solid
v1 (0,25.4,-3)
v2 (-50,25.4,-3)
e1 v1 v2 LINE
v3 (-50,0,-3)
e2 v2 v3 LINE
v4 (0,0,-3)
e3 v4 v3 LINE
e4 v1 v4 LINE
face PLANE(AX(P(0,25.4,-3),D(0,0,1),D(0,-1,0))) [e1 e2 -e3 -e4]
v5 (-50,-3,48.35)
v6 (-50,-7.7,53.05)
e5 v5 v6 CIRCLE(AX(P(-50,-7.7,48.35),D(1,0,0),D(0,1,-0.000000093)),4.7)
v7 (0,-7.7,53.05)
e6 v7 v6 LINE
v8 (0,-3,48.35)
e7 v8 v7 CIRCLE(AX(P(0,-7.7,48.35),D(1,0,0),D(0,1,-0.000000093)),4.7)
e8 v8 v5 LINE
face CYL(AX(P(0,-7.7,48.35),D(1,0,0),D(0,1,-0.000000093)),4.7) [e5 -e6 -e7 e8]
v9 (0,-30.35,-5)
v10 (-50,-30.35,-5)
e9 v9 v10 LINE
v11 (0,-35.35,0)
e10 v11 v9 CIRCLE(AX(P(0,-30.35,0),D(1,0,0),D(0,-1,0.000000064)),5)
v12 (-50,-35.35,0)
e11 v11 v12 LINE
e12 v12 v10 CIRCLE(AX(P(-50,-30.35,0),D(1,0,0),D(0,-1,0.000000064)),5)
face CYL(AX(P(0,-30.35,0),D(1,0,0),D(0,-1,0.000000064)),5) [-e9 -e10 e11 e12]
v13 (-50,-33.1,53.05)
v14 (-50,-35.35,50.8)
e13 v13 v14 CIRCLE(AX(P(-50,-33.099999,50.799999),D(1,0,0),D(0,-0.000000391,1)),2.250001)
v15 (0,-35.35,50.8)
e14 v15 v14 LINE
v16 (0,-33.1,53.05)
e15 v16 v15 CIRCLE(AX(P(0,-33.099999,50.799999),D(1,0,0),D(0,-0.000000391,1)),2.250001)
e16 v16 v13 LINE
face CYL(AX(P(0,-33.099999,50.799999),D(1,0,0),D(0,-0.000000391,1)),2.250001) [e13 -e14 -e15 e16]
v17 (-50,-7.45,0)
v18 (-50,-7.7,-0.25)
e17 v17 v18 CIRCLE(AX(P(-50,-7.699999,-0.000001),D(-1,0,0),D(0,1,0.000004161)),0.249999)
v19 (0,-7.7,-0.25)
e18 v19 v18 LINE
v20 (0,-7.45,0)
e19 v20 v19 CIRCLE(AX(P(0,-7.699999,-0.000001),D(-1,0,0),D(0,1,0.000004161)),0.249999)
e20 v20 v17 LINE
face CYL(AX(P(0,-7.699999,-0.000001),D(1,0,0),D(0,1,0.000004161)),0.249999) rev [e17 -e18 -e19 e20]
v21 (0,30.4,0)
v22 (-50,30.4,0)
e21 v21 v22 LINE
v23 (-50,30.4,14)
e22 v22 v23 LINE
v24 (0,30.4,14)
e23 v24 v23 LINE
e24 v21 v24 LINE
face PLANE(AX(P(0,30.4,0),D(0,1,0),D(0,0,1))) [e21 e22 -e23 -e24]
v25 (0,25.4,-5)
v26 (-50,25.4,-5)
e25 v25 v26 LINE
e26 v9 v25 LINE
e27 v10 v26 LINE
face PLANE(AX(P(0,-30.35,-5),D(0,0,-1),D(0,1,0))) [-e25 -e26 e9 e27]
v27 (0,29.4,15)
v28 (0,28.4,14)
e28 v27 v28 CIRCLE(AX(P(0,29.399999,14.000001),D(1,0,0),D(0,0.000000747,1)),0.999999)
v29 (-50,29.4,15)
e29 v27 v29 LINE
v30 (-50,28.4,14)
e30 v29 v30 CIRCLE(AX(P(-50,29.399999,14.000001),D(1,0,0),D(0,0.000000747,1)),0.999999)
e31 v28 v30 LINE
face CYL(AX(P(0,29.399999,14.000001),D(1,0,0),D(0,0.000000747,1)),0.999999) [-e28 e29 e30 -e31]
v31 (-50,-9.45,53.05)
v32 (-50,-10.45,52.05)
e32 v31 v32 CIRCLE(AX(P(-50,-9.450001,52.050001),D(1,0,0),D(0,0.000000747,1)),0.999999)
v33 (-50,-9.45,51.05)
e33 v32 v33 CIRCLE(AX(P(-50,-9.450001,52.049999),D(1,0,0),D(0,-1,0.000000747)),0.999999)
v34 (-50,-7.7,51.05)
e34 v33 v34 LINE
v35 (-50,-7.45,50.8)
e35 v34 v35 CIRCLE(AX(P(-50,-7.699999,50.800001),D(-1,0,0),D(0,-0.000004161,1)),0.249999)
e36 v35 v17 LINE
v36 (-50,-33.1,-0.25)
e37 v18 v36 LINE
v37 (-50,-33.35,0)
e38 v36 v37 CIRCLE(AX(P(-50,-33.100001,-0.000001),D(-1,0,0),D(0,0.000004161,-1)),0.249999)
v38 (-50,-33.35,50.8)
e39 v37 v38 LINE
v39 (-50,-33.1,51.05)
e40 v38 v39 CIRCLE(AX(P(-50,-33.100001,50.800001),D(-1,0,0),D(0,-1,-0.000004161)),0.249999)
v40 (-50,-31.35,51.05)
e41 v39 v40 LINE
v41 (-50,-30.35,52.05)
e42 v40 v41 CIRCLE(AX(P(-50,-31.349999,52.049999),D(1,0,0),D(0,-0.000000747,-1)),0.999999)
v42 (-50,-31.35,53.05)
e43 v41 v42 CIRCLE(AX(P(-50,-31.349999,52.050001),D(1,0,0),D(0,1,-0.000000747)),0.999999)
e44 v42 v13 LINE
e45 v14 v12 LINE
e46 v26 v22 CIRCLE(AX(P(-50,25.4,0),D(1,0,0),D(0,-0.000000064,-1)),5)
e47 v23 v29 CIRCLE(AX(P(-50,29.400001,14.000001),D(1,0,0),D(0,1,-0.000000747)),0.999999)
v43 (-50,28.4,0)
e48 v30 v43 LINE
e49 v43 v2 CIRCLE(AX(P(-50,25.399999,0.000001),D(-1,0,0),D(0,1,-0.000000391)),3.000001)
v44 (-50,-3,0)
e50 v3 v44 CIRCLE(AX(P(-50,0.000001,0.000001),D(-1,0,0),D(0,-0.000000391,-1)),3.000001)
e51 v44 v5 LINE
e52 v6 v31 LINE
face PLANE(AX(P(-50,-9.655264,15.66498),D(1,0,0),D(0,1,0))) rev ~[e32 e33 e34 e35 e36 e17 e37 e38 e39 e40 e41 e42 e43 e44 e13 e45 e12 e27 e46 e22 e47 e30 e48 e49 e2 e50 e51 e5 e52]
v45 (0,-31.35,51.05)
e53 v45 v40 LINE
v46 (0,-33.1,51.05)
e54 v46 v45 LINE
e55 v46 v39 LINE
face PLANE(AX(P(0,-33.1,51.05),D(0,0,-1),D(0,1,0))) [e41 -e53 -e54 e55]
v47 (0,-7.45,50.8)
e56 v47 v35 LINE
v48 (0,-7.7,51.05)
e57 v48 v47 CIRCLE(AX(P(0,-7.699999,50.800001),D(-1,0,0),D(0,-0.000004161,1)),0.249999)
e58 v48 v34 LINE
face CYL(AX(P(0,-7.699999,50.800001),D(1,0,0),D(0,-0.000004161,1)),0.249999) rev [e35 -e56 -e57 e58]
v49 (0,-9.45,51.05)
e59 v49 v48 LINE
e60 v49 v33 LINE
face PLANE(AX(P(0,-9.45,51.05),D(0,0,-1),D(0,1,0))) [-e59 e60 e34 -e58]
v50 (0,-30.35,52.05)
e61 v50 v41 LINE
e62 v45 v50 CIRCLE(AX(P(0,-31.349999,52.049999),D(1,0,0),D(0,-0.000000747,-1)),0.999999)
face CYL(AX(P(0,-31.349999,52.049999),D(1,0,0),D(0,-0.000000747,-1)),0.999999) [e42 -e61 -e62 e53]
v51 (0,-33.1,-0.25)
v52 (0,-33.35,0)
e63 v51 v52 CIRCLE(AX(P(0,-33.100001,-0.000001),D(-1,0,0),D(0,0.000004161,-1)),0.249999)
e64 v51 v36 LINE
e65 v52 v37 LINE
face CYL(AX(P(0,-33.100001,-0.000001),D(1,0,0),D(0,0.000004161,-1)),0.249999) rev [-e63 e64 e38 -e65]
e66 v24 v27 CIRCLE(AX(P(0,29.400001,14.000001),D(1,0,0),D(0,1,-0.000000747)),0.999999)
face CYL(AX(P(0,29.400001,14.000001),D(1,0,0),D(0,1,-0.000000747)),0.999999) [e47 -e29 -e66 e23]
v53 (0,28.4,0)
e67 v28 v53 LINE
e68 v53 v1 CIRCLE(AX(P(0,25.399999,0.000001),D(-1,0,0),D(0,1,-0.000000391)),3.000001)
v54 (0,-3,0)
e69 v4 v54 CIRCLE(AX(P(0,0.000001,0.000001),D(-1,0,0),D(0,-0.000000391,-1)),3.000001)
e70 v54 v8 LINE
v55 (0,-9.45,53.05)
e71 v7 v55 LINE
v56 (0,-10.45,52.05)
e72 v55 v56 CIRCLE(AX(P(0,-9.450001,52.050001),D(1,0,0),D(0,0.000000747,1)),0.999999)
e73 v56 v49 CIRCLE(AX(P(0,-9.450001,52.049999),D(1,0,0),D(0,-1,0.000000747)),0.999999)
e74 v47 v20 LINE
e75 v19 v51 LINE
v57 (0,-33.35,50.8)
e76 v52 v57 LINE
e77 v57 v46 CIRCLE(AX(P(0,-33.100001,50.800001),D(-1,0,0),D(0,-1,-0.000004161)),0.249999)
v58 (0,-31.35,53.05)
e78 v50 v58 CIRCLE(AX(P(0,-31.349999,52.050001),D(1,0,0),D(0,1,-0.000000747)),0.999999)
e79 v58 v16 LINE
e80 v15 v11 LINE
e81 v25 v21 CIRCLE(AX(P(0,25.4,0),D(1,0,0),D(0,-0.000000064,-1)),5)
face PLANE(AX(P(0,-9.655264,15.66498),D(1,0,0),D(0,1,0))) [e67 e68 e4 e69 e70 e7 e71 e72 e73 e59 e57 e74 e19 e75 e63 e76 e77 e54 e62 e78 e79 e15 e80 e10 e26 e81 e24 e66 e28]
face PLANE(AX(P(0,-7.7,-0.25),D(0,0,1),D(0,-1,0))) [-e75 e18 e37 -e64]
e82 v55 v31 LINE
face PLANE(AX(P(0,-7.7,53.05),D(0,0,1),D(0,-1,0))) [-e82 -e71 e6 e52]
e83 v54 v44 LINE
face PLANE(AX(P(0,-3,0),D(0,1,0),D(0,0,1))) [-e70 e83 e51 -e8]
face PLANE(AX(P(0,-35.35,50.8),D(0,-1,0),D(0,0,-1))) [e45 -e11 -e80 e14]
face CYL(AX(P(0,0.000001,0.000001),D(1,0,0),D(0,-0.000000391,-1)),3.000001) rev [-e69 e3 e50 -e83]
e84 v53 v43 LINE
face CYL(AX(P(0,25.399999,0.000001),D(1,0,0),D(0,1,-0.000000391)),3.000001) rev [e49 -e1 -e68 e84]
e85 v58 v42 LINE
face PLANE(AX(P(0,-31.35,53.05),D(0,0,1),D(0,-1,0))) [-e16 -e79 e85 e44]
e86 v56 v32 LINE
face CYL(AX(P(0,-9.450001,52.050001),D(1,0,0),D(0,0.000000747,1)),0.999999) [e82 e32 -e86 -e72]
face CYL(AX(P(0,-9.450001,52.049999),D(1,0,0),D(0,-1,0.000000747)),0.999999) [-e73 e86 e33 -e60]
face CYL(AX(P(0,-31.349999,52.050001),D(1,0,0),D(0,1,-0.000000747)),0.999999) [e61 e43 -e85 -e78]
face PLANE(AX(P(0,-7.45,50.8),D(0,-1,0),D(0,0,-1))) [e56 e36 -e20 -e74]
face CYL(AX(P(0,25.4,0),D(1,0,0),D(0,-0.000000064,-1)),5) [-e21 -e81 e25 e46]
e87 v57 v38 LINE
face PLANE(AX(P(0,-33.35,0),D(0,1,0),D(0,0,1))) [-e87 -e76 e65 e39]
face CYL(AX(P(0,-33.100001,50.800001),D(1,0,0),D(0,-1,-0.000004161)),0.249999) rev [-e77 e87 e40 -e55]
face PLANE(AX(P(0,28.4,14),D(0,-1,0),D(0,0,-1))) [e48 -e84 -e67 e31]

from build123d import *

# Parameters (mm, degrees)
F1_DEPTH = 50


with BuildPart() as f1:
    # F0 (on Right) → F1 (new body)
    with BuildSketch(Plane.YZ):
        with BuildLine():
            Line((-33.1, -0.25), (-33.35, -0.25))
            Line((-33.35, -0.25), (-33.35, 0))
            Line((-33.35, 0), (-33.35, 50.8))
            Line((-33.35, 50.8), (-33.35, 51.05))
            Line((-33.35, 51.05), (-33.1, 51.05))
            Line((-33.1, 51.05), (-31.35, 51.05))
            ThreePointArc((-31.35, 51.05), (-30.642893, 51.342893), (-30.35, 52.05))
            ThreePointArc((-30.35, 52.05), (-30.642893, 52.757107), (-31.35, 53.05))
            Line((-31.35, 53.05), (-33.1, 53.05))
            ThreePointArc((-33.1, 53.05), (-34.69099, 52.39099), (-35.35, 50.8))
            Line((-35.35, 50.8), (-35.35, 0))
            ThreePointArc((-35.35, 0), (-33.885534, -3.535534), (-30.35, -5))
            Line((-30.35, -5), (25.4, -5))
            ThreePointArc((25.4, -5), (28.935534, -3.535534), (30.4, 0))
            Line((30.4, 0), (30.4, 14))
            ThreePointArc((30.4, 14), (30.107107, 14.707107), (29.4, 15))
            ThreePointArc((29.4, 15), (28.692893, 14.707107), (28.4, 14))
            Line((28.4, 14), (28.4, 0))
            Line((28.4, 0), (28.4, -3))
            Line((28.4, -3), (25.4, -3))
            Line((25.4, -3), (0, -3))
            Line((0, -3), (-3, -3))
            Line((-3, -3), (-3, 0))
            Line((-3, 0), (-3, 48.35))
            ThreePointArc((-3, 48.35), (-4.376598, 51.673402), (-7.7, 53.05))
            Line((-7.7, 53.05), (-9.45, 53.05))
            ThreePointArc((-9.45, 53.05), (-10.157107, 52.757107), (-10.45, 52.05))
            ThreePointArc((-10.45, 52.05), (-10.157107, 51.342893), (-9.45, 51.05))
            Line((-9.45, 51.05), (-7.7, 51.05))
            Line((-7.7, 51.05), (-7.45, 51.05))
            Line((-7.45, 51.05), (-7.45, 50.8))
            Line((-7.45, 50.8), (-7.45, 0))
            Line((-7.45, 0), (-7.45, -0.25))
            Line((-7.45, -0.25), (-7.7, -0.25))
            Line((-7.7, -0.25), (-33.1, -0.25))
        make_face()
        with BuildLine():
            Line((-33.35, 51.05), (-33.35, 50.8))
            ThreePointArc((-33.35, 50.8), (-33.276777, 50.976777), (-33.1, 51.05))
            Line((-33.1, 51.05), (-33.35, 51.05))
        make_face()
        with BuildLine():
            ThreePointArc((-7.7, 51.05), (-7.523223, 50.976777), (-7.45, 50.8))
            Line((-7.45, 50.8), (-7.45, 51.05))
            Line((-7.45, 51.05), (-7.7, 51.05))
        make_face()
        with BuildLine():
            ThreePointArc((0, -3), (-2.12132, -2.12132), (-3, 0))
            Line((-3, 0), (-3, -3))
            Line((-3, -3), (0, -3))
        make_face()
        with BuildLine():
            ThreePointArc((-7.45, 0), (-7.523223, -0.176777), (-7.7, -0.25))
            Line((-7.7, -0.25), (-7.45, -0.25))
            Line((-7.45, -0.25), (-7.45, 0))
        make_face()
        with BuildLine():
            Line((-33.35, 0), (-33.35, -0.25))
            Line((-33.35, -0.25), (-33.1, -0.25))
            ThreePointArc((-33.1, -0.25), (-33.276777, -0.176777), (-33.35, 0))
        make_face()
        with BuildLine():
            ThreePointArc((28.4, 0), (27.52132, -2.12132), (25.4, -3))
            Line((25.4, -3), (28.4, -3))
            Line((28.4, -3), (28.4, 0))
        make_face()
    extrude(amount=-F1_DEPTH)


solid = f1.part
